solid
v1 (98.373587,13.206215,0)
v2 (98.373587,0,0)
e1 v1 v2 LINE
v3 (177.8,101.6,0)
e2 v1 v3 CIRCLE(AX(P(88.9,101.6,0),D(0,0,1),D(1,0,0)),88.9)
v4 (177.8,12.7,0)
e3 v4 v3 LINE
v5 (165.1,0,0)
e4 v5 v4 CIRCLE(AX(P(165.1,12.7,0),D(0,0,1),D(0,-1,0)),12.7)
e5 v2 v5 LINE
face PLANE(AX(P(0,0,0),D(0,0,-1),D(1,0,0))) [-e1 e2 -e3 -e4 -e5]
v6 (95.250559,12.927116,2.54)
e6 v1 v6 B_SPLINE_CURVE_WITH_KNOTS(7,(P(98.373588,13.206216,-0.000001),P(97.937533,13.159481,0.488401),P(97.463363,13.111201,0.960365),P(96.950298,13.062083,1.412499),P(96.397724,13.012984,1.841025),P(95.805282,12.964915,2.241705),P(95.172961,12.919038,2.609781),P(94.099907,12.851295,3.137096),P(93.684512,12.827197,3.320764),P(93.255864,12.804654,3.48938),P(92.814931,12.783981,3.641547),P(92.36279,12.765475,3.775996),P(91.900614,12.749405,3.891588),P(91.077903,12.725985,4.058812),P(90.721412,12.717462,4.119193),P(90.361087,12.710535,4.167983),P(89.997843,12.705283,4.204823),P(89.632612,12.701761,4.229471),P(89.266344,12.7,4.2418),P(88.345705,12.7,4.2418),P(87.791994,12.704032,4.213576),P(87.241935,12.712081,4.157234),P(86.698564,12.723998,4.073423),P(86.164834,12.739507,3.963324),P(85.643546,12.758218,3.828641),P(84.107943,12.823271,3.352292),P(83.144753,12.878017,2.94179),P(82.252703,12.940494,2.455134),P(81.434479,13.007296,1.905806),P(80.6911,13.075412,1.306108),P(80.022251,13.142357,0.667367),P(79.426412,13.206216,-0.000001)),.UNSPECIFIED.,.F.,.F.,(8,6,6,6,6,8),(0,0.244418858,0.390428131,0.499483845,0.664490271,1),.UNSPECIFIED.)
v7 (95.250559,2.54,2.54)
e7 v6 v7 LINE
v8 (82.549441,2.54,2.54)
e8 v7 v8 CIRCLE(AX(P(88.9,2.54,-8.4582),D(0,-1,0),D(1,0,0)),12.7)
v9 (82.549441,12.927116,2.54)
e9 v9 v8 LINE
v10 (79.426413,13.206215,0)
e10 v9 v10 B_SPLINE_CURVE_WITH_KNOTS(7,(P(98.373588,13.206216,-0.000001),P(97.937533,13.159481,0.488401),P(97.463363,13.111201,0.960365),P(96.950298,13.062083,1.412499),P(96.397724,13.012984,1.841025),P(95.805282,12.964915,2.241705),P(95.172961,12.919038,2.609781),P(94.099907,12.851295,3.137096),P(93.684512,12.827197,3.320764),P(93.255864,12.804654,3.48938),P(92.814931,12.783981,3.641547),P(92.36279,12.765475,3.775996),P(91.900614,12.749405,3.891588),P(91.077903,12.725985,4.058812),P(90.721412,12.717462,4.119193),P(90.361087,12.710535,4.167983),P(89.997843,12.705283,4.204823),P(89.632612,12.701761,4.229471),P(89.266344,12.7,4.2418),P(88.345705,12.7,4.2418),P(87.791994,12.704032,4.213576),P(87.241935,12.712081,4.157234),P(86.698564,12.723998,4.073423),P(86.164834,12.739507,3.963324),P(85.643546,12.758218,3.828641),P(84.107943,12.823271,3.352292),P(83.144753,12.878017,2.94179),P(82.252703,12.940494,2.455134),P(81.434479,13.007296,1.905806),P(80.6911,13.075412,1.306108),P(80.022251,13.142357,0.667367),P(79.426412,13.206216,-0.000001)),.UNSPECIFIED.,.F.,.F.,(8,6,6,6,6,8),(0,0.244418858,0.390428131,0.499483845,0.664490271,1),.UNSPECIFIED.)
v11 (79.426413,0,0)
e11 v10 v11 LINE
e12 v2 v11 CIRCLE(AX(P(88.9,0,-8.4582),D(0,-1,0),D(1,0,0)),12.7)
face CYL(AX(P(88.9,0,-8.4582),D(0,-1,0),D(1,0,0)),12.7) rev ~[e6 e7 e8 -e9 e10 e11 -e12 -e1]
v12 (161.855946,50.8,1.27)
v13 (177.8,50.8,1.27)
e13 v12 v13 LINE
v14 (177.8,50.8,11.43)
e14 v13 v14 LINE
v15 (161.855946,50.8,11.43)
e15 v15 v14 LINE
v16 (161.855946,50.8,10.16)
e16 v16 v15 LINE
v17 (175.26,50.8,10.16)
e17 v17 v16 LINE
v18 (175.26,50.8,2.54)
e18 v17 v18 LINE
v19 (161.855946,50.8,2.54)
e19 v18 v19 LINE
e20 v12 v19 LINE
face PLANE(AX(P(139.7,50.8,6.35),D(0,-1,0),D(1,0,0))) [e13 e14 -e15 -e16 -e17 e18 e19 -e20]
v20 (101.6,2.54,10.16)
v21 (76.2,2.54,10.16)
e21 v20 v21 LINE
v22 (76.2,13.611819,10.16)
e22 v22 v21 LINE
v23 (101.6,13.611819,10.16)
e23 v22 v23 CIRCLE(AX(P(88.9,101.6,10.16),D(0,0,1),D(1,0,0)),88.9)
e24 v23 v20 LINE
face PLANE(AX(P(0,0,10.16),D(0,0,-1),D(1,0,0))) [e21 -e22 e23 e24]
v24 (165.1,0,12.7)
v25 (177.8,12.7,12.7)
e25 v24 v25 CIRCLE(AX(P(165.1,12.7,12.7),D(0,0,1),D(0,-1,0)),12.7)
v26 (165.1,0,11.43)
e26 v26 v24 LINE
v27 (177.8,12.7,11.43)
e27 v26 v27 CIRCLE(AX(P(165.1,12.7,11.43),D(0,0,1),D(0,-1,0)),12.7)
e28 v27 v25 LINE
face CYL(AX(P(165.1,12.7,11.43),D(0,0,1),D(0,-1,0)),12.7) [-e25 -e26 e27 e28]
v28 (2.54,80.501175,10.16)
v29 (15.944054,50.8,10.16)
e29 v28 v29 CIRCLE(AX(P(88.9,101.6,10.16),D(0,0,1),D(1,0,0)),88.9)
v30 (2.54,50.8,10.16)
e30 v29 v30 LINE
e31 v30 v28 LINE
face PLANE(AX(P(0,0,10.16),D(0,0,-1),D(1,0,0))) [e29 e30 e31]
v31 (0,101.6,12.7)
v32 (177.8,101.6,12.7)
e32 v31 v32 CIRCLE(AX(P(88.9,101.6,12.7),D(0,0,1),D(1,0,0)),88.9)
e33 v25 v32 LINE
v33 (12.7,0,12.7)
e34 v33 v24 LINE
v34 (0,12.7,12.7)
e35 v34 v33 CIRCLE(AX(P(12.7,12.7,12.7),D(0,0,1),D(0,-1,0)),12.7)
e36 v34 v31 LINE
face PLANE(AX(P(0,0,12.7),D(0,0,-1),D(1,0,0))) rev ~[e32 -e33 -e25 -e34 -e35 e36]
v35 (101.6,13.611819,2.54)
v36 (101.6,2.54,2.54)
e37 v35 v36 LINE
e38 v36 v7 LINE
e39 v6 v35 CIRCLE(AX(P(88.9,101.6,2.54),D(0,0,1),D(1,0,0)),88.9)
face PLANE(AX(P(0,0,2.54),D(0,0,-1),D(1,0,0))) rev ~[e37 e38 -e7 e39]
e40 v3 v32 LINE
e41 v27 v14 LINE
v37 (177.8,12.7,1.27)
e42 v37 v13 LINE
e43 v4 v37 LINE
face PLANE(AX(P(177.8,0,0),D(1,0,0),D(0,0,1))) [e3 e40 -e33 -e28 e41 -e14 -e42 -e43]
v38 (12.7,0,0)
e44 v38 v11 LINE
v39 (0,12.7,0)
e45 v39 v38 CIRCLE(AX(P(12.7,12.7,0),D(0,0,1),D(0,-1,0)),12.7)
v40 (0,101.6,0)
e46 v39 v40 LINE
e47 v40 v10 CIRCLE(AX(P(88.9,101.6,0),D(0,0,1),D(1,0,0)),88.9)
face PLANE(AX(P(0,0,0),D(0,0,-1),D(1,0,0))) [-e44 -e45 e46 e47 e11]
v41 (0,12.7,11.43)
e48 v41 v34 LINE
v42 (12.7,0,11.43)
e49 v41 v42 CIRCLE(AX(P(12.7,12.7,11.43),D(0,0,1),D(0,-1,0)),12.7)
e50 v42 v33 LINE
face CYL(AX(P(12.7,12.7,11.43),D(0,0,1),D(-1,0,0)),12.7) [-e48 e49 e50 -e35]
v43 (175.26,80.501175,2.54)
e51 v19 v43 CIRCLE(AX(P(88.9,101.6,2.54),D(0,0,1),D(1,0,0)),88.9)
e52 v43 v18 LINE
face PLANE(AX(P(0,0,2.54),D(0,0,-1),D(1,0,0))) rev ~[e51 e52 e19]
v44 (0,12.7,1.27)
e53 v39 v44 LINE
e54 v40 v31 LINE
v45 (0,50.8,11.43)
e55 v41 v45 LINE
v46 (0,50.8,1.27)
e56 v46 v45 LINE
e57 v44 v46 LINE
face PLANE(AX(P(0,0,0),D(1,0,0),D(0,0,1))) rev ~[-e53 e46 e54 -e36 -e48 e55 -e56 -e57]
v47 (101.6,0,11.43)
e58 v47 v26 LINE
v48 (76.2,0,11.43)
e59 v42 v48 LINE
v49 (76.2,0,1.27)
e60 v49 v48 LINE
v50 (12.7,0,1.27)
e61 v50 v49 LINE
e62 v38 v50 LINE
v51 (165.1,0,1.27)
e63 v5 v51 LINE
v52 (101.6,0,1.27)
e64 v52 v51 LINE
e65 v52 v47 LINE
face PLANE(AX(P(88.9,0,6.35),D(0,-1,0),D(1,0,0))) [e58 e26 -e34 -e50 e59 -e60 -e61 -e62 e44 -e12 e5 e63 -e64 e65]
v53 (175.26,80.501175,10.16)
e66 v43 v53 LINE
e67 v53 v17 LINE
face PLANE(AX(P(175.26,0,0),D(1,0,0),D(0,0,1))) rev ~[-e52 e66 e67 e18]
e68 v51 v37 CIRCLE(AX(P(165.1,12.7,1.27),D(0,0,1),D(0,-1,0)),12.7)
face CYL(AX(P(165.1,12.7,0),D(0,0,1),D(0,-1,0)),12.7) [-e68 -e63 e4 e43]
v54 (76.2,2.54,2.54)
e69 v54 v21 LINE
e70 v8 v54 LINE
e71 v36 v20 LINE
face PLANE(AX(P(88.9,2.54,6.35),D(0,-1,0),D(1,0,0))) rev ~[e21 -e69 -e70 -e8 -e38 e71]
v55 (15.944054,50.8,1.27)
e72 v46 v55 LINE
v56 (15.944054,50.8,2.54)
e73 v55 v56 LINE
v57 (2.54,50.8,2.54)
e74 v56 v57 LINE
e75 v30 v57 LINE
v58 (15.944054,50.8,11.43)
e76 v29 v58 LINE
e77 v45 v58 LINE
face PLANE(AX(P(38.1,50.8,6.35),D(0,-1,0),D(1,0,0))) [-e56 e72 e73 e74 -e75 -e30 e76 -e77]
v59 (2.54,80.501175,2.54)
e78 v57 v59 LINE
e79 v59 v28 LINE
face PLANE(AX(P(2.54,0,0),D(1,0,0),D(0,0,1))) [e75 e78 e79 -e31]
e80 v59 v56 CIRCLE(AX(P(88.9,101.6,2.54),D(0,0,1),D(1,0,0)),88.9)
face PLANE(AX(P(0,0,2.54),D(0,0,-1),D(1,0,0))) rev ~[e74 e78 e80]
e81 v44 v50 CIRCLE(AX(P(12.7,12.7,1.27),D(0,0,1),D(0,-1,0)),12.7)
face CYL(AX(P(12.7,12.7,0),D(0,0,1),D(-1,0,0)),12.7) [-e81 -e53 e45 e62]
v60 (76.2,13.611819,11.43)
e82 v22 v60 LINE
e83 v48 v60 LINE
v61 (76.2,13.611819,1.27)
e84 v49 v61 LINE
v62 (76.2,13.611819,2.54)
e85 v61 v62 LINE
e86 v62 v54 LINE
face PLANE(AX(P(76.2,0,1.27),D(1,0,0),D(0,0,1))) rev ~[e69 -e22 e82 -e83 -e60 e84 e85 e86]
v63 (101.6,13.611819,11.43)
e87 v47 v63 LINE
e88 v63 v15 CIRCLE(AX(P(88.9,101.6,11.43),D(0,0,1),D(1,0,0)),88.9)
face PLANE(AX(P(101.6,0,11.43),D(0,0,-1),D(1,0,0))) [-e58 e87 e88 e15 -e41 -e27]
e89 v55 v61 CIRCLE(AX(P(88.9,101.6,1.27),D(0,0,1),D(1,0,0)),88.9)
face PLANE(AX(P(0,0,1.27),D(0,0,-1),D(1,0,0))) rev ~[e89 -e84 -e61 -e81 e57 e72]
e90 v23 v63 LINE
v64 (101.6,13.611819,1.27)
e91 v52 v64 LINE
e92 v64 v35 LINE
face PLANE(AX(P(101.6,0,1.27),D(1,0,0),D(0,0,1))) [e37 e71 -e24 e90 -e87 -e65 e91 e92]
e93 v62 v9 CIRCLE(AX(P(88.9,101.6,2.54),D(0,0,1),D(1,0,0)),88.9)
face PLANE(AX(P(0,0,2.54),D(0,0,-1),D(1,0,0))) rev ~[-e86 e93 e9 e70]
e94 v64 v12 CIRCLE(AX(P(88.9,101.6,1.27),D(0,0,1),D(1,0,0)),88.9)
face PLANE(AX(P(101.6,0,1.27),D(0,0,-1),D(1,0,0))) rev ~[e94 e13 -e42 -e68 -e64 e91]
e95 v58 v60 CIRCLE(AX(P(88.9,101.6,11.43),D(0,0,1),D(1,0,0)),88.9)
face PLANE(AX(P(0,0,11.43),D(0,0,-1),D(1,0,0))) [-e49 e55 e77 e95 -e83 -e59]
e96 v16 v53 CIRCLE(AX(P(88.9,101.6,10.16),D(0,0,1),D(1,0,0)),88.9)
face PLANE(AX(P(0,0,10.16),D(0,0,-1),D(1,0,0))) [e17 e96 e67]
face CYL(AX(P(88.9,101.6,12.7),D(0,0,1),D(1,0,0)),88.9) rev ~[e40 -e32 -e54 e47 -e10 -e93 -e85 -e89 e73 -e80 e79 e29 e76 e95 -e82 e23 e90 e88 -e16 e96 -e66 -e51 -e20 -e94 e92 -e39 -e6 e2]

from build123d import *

# Parameters (mm, degrees)
F0_W     = 177.8
F0_H     = 12.7
F1_DEPTH = 101.6
F2_R     = 88.9
F3_DEPTH = 25.4
F4_T     = -2.54
F5_W     = 76.2
F5_H     = 10.16
F6_DEPTH = 50.8
F7_R     = 12.7
F8_R     = 12.7
F9_DEPTH = 25.4


with BuildPart() as f1:
    # F0 (on Front) → F1 (new body)
    with BuildSketch(Plane.XZ):
        with Locations((88.9, 6.35)):
            Rectangle(F0_W, F0_H)
    extrude(amount=-F1_DEPTH)

    # F2 (on face) → F3 (cut)
    with BuildSketch(Plane.XY.offset(12.7)):
        with Locations((88.9, 101.6)):
            Circle(F2_R)
    extrude(amount=-F3_DEPTH, mode=Mode.SUBTRACT)

    # F4
    f4_openings = [f1.faces().sort_by_distance(p)[0] for p in [
        (88.9, 12.7, 6.35),
    ]]
    offset(amount=F4_T, openings=f4_openings, kind=Kind.INTERSECTION)

    # F5 (on face) → F6 (cut)
    with BuildSketch(Plane.XZ):
        with Locations((38.1, 6.35)):
            Rectangle(F5_W, F5_H)
        with Locations((139.7, 6.35)):
            Rectangle(F5_W, F5_H)
    extrude(amount=-F6_DEPTH, mode=Mode.SUBTRACT)

    # F7
    f7_edges = [f1.edges().sort_by_distance(p)[0] for p in [
        (177.8, 0, 12.065),
        (177.8, 0, 0.635),
        (0, 0, 12.065),
        (0, 0, 0.635),
    ]]
    fillet(f7_edges, radius=F7_R)

    # F8 (on face) → F9 (cut)
    with BuildSketch(Plane.XZ):
        with Locations((88.9, -8.4582)):
            Circle(F8_R)
    extrude(amount=-F9_DEPTH, mode=Mode.SUBTRACT)


solid = f1.part
